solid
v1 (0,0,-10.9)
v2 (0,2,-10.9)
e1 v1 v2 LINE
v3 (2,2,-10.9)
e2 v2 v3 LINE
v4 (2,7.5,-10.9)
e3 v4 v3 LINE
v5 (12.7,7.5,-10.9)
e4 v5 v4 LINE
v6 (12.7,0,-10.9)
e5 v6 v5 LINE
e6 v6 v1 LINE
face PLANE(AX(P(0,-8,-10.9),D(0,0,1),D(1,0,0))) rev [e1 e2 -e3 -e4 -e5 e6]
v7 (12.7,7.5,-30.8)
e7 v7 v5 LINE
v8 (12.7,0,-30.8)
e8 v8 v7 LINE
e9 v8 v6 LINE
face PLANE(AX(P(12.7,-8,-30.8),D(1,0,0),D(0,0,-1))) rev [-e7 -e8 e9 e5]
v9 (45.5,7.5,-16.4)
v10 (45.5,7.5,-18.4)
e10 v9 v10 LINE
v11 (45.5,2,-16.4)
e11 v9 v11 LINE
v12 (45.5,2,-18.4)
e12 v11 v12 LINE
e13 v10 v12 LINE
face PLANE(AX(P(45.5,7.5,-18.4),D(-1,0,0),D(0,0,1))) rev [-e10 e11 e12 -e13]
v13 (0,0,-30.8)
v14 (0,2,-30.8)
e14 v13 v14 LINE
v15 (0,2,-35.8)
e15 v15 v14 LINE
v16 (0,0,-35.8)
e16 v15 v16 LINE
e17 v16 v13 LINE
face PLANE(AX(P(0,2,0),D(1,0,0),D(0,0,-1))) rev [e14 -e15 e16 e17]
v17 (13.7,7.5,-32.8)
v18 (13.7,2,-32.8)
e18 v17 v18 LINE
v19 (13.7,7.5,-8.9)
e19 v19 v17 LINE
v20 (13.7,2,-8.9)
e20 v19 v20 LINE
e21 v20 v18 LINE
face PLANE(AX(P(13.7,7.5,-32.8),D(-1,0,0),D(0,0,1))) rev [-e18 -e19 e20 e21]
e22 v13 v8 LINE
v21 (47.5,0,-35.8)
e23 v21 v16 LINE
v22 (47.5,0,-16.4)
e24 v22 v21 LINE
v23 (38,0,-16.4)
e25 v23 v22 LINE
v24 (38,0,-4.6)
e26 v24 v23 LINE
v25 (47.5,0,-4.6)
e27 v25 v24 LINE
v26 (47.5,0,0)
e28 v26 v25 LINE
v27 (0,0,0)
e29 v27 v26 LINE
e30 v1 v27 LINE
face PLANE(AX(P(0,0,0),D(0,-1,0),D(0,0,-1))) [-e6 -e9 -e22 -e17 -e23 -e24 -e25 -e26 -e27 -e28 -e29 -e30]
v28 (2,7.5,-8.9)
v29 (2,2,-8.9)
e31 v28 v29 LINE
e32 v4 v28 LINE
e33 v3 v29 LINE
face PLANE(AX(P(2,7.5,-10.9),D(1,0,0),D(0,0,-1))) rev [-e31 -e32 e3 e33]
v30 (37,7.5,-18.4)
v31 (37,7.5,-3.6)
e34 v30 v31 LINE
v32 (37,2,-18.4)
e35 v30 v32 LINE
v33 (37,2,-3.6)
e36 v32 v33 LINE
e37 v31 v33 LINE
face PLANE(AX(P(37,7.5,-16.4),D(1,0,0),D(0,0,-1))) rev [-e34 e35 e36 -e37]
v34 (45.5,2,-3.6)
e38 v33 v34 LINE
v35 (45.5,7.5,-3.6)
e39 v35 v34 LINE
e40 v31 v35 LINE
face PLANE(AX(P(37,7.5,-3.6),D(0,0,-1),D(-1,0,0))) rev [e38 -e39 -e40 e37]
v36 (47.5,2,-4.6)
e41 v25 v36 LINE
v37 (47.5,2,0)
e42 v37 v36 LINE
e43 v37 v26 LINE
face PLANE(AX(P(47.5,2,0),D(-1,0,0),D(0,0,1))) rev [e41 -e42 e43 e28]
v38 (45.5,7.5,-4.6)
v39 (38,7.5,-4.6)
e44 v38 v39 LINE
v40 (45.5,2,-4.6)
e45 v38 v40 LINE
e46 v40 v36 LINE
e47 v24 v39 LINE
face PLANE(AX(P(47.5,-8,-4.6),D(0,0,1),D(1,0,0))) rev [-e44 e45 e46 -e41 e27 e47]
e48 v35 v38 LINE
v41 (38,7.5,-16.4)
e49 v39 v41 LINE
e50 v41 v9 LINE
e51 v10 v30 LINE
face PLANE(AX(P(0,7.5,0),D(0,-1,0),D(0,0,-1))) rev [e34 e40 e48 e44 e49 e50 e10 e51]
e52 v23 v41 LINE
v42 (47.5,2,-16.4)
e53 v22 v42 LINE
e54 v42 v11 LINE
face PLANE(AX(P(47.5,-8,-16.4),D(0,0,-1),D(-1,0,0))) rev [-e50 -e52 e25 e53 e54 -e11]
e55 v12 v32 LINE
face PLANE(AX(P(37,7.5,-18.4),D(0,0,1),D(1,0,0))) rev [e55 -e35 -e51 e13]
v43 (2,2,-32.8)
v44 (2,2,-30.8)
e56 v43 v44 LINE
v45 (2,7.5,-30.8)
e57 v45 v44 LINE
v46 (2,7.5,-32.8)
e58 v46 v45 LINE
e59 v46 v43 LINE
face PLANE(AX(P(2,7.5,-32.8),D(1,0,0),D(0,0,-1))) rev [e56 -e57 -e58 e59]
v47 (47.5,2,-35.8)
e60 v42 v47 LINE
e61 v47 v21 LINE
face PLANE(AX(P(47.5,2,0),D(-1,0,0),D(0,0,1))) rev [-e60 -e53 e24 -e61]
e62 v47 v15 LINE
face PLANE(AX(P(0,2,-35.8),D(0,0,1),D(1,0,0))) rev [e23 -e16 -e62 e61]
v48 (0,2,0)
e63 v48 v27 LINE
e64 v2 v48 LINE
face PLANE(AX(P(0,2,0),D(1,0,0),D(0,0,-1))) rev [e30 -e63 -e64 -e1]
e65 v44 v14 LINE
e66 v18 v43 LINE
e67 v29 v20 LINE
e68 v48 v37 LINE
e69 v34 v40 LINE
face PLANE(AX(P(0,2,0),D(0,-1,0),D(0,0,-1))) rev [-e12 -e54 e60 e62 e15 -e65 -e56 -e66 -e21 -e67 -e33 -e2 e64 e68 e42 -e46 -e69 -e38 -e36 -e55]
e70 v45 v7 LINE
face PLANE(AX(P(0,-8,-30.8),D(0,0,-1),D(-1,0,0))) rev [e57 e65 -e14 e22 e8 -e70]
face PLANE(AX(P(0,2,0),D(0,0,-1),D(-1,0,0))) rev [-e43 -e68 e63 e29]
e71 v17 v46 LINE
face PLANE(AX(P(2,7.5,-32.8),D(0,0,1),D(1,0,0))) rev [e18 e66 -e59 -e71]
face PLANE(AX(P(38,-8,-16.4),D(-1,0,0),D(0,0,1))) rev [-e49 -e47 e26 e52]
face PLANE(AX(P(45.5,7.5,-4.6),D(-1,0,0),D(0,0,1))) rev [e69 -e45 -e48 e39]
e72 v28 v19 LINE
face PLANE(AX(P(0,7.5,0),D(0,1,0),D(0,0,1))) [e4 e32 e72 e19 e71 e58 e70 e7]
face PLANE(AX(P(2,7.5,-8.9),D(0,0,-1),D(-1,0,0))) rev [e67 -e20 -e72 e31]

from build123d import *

# Parameters (mm, degrees)
ESQUISSE1_W             = 47.5
ESQUISSE1_H             = 35.8
BOSS_EXTRU_1_DEPTH      = 2
ESQUISSE2_W             = 9.5
ESQUISSE2_H             = 11.8
ENL_V_MAT_EXTRU_1_DEPTH = 10
ESQUISSE3_W             = 12.7
ESQUISSE3_H             = 19.9
ENL_V_MAT_EXTRU_2_DEPTH = 10
ESQUISSE5_W             = 1
ESQUISSE5_H             = 11.8
BOSS_EXTRU_2_DEPTH      = 5.5
ESQUISSE6_W             = 8.5
ESQUISSE6_H             = 1
BOSS_EXTRU_3_DEPTH      = 5.5
ESQUISSE7_W             = 8.5
ESQUISSE7_H             = 2
BOSS_EXTRU_4_DEPTH      = 5.5
ESQUISSE8_W             = 10.7
ESQUISSE8_H             = 2
BOSS_EXTRU_5_DEPTH      = 5.5
ESQUISSE9_W             = 1
ESQUISSE9_H             = 21.9
BOSS_EXTRU_6_DEPTH      = 5.5
ESQUISSE11_W            = 11.7
ESQUISSE11_H            = 2
BOSS_EXTRU_7_DEPTH      = 5.5


with BuildPart() as part:
    # Esquisse1 → Boss.-Extru.1 (new body)
    with BuildSketch(Plane(origin=(0, 0, 0), x_dir=(1, 0, 0), z_dir=(0, 1, 0))):
        with Locations((23.75, 17.9)):
            Rectangle(ESQUISSE1_W, ESQUISSE1_H)
    extrude(amount=BOSS_EXTRU_1_DEPTH)

    # Esquisse2 → Enlèv. mat.-Extru.1 (cut)
    with BuildSketch(Plane(origin=(0, 2, 0), x_dir=(1, 0, 0), z_dir=(0, 1, 0))):
        with Locations((42.75, 10.5)):
            Rectangle(ESQUISSE2_W, ESQUISSE2_H)
    extrude(amount=-ENL_V_MAT_EXTRU_1_DEPTH, mode=Mode.SUBTRACT)

    # Esquisse3 → Enlèv. mat.-Extru.2 (cut)
    with BuildSketch(Plane(origin=(0, 2, 0), x_dir=(1, 0, 0), z_dir=(0, 1, 0))):
        with Locations((6.35, 20.85)):
            Rectangle(ESQUISSE3_W, ESQUISSE3_H)
    extrude(amount=-ENL_V_MAT_EXTRU_2_DEPTH, mode=Mode.SUBTRACT)

    # Esquisse5 → Boss.-Extru.2 (add)
    with BuildSketch(Plane(origin=(0, 2, 0), x_dir=(1, 0, 0), z_dir=(0, 1, 0))):
        with Locations((37.5, 10.5)):
            Rectangle(ESQUISSE5_W, ESQUISSE5_H)
    extrude(amount=BOSS_EXTRU_2_DEPTH)

    # Esquisse6 → Boss.-Extru.3 (add)
    with BuildSketch(Plane(origin=(0, 2, 0), x_dir=(1, 0, 0), z_dir=(0, 1, 0))):
        with Locations((41.25, 4.1)):
            Rectangle(ESQUISSE6_W, ESQUISSE6_H)
    extrude(amount=BOSS_EXTRU_3_DEPTH)

    # Esquisse7 → Boss.-Extru.4 (add)
    with BuildSketch(Plane(origin=(0, 2, 0), x_dir=(1, 0, 0), z_dir=(0, 1, 0))):
        with Locations((41.25, 17.4)):
            Rectangle(ESQUISSE7_W, ESQUISSE7_H)
    extrude(amount=BOSS_EXTRU_4_DEPTH)

    # Esquisse8 → Boss.-Extru.5 (add)
    with BuildSketch(Plane(origin=(0, 2, 0), x_dir=(1, 0, 0), z_dir=(0, 1, 0))):
        with Locations((7.35, 31.8)):
            Rectangle(ESQUISSE8_W, ESQUISSE8_H)
    extrude(amount=BOSS_EXTRU_5_DEPTH)

    # Esquisse9 → Boss.-Extru.6 (add)
    with BuildSketch(Plane(origin=(0, 2, 0), x_dir=(1, 0, 0), z_dir=(0, 1, 0))):
        with Locations((13.2, 21.85)):
            Rectangle(ESQUISSE9_W, ESQUISSE9_H)
    extrude(amount=BOSS_EXTRU_6_DEPTH)

    # Esquisse11 → Boss.-Extru.7 (add)
    with BuildSketch(Plane(origin=(0, 2, 0), x_dir=(1, 0, 0), z_dir=(0, 1, 0))):
        with Locations((7.85, 9.9)):
            Rectangle(ESQUISSE11_W, ESQUISSE11_H)
    extrude(amount=BOSS_EXTRU_7_DEPTH)


solid = part.part
